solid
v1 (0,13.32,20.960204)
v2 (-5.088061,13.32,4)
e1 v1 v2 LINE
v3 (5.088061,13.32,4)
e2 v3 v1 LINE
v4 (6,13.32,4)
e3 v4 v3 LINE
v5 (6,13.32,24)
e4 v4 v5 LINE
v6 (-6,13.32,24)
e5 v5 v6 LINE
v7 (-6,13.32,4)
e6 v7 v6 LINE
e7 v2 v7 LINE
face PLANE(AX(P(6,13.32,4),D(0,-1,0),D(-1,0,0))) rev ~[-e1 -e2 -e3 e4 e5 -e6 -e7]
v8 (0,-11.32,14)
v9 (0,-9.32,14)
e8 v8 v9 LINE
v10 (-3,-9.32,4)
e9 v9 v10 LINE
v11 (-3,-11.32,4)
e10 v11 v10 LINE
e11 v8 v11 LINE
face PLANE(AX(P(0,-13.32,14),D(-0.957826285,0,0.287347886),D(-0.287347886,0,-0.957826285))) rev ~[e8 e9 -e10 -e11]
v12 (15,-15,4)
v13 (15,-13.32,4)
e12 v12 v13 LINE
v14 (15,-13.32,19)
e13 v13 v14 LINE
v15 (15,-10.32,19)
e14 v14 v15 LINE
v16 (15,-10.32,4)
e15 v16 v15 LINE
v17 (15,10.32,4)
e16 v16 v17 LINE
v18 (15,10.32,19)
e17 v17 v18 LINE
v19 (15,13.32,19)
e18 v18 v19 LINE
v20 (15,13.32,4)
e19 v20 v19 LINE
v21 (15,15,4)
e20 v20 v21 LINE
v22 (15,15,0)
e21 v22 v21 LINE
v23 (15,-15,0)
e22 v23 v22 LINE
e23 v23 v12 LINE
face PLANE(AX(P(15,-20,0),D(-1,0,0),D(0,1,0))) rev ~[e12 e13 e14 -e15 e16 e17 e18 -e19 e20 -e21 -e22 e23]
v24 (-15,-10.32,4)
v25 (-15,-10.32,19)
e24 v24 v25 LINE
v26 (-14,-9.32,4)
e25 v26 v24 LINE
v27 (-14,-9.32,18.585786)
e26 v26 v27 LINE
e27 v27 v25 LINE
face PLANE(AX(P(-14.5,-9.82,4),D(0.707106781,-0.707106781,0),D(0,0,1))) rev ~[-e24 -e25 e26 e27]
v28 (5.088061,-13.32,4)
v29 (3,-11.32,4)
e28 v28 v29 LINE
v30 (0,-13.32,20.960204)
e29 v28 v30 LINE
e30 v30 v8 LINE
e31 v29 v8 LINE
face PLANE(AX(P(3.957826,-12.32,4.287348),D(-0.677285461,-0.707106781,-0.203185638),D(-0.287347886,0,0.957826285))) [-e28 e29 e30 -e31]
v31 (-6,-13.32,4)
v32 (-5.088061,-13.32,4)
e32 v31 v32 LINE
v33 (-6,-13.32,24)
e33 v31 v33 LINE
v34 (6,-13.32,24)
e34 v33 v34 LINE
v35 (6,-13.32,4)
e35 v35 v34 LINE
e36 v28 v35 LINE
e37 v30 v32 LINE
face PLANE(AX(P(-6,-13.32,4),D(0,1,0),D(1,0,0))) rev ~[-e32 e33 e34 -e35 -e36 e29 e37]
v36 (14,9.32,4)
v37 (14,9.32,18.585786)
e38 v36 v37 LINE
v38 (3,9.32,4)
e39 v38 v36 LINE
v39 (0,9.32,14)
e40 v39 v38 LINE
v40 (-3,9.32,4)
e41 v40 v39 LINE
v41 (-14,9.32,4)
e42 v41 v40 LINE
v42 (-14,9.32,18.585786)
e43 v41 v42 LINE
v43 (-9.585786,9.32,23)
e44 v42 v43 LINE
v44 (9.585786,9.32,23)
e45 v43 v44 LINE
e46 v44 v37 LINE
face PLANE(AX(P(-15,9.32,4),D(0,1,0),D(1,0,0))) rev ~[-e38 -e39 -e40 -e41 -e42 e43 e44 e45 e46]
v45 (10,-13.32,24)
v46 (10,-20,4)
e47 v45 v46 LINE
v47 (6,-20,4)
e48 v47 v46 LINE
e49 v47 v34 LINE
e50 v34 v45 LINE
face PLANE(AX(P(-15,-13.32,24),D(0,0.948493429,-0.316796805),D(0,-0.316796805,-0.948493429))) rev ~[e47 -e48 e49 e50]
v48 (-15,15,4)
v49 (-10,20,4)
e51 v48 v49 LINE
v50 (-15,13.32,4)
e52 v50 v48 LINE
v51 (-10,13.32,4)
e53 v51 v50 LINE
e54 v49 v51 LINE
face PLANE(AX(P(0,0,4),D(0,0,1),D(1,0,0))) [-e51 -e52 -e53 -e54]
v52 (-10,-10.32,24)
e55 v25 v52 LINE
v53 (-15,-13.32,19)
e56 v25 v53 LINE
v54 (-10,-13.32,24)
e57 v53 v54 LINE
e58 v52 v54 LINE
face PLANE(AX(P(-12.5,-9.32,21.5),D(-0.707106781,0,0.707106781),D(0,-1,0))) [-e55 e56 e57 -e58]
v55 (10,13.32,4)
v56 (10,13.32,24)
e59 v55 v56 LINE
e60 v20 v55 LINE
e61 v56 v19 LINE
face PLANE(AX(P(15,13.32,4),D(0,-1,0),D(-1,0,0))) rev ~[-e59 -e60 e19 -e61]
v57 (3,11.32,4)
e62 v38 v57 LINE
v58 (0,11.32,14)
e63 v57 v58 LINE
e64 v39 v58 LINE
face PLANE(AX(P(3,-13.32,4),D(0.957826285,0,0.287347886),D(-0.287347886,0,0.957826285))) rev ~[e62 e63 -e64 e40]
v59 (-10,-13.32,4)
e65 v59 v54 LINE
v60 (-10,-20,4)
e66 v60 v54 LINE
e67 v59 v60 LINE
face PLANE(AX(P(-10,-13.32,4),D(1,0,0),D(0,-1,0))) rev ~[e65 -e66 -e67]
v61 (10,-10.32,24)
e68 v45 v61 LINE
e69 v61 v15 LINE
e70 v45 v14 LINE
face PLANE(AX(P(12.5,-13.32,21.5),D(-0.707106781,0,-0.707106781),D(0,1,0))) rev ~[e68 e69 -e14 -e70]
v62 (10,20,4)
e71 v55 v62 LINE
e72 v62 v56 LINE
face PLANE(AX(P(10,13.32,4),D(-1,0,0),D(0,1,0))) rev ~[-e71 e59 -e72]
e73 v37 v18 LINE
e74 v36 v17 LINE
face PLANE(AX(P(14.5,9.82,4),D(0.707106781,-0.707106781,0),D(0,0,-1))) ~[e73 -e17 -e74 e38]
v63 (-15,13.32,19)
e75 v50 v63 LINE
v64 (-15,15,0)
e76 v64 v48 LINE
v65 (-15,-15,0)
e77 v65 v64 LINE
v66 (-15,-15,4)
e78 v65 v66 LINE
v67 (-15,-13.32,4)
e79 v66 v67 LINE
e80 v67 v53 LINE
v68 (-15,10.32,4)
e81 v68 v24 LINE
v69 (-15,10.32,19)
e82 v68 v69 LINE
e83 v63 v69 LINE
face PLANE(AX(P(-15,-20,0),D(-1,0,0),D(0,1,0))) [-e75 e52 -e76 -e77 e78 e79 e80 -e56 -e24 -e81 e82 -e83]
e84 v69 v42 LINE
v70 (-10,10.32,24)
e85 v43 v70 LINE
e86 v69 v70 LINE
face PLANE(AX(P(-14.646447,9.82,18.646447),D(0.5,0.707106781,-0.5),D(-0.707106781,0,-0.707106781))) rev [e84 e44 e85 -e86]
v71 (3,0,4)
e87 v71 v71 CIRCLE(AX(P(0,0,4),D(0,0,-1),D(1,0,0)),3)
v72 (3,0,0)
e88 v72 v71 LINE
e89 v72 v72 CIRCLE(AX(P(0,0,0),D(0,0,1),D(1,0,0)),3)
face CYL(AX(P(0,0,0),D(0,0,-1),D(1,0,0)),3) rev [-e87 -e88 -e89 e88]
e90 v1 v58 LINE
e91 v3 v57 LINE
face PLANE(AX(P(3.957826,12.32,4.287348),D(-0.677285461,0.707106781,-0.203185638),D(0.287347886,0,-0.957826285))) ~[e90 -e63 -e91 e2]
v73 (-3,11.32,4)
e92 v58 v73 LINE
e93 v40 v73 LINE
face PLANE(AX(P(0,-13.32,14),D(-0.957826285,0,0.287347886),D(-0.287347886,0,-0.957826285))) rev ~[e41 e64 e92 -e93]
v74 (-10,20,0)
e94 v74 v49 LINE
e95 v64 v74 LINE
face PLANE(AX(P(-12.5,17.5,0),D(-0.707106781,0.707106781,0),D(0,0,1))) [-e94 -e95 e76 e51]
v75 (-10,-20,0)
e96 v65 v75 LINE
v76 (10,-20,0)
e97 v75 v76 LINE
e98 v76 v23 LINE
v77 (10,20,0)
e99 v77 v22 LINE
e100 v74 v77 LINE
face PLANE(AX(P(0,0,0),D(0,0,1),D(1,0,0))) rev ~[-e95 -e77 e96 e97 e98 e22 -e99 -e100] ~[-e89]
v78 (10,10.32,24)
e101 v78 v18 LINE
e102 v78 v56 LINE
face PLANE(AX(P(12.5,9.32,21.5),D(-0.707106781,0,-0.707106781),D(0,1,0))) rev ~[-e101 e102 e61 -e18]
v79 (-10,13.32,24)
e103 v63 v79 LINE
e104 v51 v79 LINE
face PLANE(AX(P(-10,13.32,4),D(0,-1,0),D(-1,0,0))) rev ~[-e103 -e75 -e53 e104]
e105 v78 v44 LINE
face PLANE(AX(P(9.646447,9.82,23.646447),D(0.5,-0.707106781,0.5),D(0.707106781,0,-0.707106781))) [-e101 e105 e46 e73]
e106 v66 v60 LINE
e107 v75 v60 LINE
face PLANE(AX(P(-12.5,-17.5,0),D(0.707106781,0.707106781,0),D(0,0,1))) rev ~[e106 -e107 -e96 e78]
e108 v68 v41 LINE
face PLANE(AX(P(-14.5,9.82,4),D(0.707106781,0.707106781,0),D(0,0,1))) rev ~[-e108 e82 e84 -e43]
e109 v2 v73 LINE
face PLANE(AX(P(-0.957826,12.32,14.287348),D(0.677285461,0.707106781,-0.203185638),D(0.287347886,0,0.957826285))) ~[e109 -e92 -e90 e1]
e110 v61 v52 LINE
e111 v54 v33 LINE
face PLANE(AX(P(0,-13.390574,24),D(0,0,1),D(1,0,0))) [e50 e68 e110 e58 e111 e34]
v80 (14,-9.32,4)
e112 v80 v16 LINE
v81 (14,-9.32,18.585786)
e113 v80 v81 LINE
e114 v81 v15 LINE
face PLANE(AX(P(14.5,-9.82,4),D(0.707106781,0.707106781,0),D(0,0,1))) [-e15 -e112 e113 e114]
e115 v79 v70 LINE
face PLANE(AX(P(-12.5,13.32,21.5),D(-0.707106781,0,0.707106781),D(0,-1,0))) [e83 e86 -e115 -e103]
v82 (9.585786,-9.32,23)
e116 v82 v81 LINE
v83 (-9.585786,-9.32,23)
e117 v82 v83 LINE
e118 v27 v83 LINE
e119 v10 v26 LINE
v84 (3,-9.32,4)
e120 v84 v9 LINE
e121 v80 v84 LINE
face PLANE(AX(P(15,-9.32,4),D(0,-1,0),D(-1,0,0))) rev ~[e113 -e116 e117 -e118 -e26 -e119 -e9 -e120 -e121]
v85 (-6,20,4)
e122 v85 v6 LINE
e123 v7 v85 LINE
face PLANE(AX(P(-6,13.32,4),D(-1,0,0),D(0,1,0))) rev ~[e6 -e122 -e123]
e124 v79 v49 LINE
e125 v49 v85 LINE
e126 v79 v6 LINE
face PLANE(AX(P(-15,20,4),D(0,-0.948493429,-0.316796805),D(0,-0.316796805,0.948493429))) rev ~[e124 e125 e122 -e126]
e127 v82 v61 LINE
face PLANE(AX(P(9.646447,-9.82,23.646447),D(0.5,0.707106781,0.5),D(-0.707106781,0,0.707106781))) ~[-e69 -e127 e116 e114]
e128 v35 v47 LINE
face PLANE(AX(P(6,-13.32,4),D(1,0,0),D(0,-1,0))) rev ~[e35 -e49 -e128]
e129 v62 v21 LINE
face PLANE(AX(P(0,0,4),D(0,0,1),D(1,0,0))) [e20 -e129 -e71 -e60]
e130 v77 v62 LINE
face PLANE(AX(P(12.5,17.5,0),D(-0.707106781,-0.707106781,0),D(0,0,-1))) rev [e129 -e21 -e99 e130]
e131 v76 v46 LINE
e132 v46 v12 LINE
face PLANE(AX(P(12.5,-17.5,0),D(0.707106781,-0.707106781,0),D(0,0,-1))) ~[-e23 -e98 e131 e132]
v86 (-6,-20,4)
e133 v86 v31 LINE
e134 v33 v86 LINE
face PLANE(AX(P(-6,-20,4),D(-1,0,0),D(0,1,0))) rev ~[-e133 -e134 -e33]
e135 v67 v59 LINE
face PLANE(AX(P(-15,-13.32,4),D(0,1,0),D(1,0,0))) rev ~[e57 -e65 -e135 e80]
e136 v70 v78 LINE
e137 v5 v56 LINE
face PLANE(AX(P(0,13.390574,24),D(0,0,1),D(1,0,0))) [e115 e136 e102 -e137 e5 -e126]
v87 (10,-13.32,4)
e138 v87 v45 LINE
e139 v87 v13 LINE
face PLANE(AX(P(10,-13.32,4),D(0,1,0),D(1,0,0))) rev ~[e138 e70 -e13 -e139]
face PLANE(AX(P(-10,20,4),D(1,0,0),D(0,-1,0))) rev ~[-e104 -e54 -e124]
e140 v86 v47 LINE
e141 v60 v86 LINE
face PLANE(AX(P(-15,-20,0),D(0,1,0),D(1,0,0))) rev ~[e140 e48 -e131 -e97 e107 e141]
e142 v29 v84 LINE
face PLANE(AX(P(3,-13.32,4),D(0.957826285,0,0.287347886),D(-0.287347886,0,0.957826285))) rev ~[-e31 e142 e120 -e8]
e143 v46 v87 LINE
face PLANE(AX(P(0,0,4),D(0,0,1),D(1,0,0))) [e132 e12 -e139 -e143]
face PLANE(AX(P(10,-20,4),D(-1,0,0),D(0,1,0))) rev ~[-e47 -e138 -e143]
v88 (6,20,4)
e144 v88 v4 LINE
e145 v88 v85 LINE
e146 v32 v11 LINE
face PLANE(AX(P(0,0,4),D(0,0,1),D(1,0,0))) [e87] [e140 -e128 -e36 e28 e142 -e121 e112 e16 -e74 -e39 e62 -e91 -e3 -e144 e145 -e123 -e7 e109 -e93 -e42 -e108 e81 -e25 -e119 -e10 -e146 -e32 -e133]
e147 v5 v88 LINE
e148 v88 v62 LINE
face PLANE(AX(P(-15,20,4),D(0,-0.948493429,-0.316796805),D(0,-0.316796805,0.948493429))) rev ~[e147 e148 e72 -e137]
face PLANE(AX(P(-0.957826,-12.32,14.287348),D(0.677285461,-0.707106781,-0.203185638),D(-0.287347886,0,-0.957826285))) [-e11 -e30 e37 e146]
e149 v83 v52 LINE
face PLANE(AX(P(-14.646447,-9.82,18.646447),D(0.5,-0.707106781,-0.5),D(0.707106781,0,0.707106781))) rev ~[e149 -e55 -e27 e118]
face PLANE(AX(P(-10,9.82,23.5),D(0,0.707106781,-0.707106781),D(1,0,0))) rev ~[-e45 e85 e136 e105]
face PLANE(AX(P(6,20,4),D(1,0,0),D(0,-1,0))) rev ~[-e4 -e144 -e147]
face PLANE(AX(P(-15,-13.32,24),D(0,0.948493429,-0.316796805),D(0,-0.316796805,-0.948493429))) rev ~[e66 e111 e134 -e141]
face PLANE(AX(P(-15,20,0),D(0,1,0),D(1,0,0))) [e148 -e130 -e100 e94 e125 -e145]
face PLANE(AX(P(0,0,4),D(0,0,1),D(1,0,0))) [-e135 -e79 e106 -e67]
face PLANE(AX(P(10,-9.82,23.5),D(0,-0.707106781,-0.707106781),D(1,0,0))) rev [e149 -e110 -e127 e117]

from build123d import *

# Parameters (mm, degrees)
F0_W     = 30
F0_H     = 40
F0_R     = 3
F1_DEPTH = 4
F3_DEPTH = 20
F5_DEPTH = 30.001
F6_SIZE  = 5
F8_DEPTH = 33.321
F9_SIZE2 = 2
F9_SIZE  = 2
F10_SIZE = 1


with BuildPart() as f1:
    # F0 (on Top) → F1 (new body)
    with BuildSketch(Plane.XY):
        Rectangle(F0_W, F0_H)
        Circle(F0_R, mode=Mode.SUBTRACT)
    extrude(amount=F1_DEPTH)

    # F2 (on face) → F3 (join)
    with BuildSketch(Plane.XY.offset(4)):
        Polygon((-15, 9.32), (15, 9.32), (15, 13.32), (10, 13.32), (10, 20), (6, 20), (6, 13.32), (-6, 13.32), (-6, 20), (-10, 20), (-10, 13.32), (-15, 13.32), align=None)
        Polygon((15, -13.32), (15, -9.32), (-15, -9.32), (-15, -13.32), (-10, -13.32), (-10, -20), (-6, -20), (-6, -13.32), (6, -13.32), (6, -20), (10, -20), (10, -13.32), align=None)
    extrude(amount=F3_DEPTH)

    # F4 (on face) → F5 (cut, through all)
    with BuildSketch(Plane(origin=(-15, 0, 0), x_dir=(0, -1, 0), z_dir=(-1, 0, 0))):
        Polygon((-20, 24), (-20, 4), (-13.32, 24), align=None)
        Polygon((20, 24), (13.32, 24), (20, 4), align=None)
    extrude(amount=-F5_DEPTH, mode=Mode.SUBTRACT)

    # F6
    f6_edges = [f1.edges().sort_by_distance(p)[0] for p in [
        (-15, 20, 2),
        (-15, -20, 2),
        (15, 20, 2),
        (15, -20, 2),
        (-15, 11.32, 24),
        (-15, -11.32, 24),
        (15, -11.32, 24),
        (15, 11.32, 24),
    ]]
    chamfer(f6_edges, length=F6_SIZE)

    # F7 (on face) → F8 (cut, through all)
    with BuildSketch(Plane.XZ.offset(13.32)):
        Polygon((0, 14), (-3, 4), (3, 4), align=None)
    extrude(amount=-F8_DEPTH, mode=Mode.SUBTRACT)

    # F9
    f9_edges = [f1.edges().sort_by_distance(p)[0] for p in [
        (-1.5, -13.32, 9),
        (1.5, -13.32, 9),
        (1.5, 13.32, 9),
        (-1.5, 13.32, 9),
    ]]
    chamfer(f9_edges, length=F9_SIZE, length2=F9_SIZE2)

    # F10
    f10_edges = [f1.edges().sort_by_distance(p)[0] for p in [
        (15, -9.32, 11.5),
        (12.5, -9.32, 21.5),
        (0, -9.32, 24),
        (-15, -9.32, 11.5),
        (-12.5, -9.32, 21.5),
        (-15, 9.32, 11.5),
        (-12.5, 9.32, 21.5),
        (0, 9.32, 24),
        (12.5, 9.32, 21.5),
        (15, 9.32, 11.5),
    ]]
    chamfer(f10_edges, length=F10_SIZE)


solid = f1.part
